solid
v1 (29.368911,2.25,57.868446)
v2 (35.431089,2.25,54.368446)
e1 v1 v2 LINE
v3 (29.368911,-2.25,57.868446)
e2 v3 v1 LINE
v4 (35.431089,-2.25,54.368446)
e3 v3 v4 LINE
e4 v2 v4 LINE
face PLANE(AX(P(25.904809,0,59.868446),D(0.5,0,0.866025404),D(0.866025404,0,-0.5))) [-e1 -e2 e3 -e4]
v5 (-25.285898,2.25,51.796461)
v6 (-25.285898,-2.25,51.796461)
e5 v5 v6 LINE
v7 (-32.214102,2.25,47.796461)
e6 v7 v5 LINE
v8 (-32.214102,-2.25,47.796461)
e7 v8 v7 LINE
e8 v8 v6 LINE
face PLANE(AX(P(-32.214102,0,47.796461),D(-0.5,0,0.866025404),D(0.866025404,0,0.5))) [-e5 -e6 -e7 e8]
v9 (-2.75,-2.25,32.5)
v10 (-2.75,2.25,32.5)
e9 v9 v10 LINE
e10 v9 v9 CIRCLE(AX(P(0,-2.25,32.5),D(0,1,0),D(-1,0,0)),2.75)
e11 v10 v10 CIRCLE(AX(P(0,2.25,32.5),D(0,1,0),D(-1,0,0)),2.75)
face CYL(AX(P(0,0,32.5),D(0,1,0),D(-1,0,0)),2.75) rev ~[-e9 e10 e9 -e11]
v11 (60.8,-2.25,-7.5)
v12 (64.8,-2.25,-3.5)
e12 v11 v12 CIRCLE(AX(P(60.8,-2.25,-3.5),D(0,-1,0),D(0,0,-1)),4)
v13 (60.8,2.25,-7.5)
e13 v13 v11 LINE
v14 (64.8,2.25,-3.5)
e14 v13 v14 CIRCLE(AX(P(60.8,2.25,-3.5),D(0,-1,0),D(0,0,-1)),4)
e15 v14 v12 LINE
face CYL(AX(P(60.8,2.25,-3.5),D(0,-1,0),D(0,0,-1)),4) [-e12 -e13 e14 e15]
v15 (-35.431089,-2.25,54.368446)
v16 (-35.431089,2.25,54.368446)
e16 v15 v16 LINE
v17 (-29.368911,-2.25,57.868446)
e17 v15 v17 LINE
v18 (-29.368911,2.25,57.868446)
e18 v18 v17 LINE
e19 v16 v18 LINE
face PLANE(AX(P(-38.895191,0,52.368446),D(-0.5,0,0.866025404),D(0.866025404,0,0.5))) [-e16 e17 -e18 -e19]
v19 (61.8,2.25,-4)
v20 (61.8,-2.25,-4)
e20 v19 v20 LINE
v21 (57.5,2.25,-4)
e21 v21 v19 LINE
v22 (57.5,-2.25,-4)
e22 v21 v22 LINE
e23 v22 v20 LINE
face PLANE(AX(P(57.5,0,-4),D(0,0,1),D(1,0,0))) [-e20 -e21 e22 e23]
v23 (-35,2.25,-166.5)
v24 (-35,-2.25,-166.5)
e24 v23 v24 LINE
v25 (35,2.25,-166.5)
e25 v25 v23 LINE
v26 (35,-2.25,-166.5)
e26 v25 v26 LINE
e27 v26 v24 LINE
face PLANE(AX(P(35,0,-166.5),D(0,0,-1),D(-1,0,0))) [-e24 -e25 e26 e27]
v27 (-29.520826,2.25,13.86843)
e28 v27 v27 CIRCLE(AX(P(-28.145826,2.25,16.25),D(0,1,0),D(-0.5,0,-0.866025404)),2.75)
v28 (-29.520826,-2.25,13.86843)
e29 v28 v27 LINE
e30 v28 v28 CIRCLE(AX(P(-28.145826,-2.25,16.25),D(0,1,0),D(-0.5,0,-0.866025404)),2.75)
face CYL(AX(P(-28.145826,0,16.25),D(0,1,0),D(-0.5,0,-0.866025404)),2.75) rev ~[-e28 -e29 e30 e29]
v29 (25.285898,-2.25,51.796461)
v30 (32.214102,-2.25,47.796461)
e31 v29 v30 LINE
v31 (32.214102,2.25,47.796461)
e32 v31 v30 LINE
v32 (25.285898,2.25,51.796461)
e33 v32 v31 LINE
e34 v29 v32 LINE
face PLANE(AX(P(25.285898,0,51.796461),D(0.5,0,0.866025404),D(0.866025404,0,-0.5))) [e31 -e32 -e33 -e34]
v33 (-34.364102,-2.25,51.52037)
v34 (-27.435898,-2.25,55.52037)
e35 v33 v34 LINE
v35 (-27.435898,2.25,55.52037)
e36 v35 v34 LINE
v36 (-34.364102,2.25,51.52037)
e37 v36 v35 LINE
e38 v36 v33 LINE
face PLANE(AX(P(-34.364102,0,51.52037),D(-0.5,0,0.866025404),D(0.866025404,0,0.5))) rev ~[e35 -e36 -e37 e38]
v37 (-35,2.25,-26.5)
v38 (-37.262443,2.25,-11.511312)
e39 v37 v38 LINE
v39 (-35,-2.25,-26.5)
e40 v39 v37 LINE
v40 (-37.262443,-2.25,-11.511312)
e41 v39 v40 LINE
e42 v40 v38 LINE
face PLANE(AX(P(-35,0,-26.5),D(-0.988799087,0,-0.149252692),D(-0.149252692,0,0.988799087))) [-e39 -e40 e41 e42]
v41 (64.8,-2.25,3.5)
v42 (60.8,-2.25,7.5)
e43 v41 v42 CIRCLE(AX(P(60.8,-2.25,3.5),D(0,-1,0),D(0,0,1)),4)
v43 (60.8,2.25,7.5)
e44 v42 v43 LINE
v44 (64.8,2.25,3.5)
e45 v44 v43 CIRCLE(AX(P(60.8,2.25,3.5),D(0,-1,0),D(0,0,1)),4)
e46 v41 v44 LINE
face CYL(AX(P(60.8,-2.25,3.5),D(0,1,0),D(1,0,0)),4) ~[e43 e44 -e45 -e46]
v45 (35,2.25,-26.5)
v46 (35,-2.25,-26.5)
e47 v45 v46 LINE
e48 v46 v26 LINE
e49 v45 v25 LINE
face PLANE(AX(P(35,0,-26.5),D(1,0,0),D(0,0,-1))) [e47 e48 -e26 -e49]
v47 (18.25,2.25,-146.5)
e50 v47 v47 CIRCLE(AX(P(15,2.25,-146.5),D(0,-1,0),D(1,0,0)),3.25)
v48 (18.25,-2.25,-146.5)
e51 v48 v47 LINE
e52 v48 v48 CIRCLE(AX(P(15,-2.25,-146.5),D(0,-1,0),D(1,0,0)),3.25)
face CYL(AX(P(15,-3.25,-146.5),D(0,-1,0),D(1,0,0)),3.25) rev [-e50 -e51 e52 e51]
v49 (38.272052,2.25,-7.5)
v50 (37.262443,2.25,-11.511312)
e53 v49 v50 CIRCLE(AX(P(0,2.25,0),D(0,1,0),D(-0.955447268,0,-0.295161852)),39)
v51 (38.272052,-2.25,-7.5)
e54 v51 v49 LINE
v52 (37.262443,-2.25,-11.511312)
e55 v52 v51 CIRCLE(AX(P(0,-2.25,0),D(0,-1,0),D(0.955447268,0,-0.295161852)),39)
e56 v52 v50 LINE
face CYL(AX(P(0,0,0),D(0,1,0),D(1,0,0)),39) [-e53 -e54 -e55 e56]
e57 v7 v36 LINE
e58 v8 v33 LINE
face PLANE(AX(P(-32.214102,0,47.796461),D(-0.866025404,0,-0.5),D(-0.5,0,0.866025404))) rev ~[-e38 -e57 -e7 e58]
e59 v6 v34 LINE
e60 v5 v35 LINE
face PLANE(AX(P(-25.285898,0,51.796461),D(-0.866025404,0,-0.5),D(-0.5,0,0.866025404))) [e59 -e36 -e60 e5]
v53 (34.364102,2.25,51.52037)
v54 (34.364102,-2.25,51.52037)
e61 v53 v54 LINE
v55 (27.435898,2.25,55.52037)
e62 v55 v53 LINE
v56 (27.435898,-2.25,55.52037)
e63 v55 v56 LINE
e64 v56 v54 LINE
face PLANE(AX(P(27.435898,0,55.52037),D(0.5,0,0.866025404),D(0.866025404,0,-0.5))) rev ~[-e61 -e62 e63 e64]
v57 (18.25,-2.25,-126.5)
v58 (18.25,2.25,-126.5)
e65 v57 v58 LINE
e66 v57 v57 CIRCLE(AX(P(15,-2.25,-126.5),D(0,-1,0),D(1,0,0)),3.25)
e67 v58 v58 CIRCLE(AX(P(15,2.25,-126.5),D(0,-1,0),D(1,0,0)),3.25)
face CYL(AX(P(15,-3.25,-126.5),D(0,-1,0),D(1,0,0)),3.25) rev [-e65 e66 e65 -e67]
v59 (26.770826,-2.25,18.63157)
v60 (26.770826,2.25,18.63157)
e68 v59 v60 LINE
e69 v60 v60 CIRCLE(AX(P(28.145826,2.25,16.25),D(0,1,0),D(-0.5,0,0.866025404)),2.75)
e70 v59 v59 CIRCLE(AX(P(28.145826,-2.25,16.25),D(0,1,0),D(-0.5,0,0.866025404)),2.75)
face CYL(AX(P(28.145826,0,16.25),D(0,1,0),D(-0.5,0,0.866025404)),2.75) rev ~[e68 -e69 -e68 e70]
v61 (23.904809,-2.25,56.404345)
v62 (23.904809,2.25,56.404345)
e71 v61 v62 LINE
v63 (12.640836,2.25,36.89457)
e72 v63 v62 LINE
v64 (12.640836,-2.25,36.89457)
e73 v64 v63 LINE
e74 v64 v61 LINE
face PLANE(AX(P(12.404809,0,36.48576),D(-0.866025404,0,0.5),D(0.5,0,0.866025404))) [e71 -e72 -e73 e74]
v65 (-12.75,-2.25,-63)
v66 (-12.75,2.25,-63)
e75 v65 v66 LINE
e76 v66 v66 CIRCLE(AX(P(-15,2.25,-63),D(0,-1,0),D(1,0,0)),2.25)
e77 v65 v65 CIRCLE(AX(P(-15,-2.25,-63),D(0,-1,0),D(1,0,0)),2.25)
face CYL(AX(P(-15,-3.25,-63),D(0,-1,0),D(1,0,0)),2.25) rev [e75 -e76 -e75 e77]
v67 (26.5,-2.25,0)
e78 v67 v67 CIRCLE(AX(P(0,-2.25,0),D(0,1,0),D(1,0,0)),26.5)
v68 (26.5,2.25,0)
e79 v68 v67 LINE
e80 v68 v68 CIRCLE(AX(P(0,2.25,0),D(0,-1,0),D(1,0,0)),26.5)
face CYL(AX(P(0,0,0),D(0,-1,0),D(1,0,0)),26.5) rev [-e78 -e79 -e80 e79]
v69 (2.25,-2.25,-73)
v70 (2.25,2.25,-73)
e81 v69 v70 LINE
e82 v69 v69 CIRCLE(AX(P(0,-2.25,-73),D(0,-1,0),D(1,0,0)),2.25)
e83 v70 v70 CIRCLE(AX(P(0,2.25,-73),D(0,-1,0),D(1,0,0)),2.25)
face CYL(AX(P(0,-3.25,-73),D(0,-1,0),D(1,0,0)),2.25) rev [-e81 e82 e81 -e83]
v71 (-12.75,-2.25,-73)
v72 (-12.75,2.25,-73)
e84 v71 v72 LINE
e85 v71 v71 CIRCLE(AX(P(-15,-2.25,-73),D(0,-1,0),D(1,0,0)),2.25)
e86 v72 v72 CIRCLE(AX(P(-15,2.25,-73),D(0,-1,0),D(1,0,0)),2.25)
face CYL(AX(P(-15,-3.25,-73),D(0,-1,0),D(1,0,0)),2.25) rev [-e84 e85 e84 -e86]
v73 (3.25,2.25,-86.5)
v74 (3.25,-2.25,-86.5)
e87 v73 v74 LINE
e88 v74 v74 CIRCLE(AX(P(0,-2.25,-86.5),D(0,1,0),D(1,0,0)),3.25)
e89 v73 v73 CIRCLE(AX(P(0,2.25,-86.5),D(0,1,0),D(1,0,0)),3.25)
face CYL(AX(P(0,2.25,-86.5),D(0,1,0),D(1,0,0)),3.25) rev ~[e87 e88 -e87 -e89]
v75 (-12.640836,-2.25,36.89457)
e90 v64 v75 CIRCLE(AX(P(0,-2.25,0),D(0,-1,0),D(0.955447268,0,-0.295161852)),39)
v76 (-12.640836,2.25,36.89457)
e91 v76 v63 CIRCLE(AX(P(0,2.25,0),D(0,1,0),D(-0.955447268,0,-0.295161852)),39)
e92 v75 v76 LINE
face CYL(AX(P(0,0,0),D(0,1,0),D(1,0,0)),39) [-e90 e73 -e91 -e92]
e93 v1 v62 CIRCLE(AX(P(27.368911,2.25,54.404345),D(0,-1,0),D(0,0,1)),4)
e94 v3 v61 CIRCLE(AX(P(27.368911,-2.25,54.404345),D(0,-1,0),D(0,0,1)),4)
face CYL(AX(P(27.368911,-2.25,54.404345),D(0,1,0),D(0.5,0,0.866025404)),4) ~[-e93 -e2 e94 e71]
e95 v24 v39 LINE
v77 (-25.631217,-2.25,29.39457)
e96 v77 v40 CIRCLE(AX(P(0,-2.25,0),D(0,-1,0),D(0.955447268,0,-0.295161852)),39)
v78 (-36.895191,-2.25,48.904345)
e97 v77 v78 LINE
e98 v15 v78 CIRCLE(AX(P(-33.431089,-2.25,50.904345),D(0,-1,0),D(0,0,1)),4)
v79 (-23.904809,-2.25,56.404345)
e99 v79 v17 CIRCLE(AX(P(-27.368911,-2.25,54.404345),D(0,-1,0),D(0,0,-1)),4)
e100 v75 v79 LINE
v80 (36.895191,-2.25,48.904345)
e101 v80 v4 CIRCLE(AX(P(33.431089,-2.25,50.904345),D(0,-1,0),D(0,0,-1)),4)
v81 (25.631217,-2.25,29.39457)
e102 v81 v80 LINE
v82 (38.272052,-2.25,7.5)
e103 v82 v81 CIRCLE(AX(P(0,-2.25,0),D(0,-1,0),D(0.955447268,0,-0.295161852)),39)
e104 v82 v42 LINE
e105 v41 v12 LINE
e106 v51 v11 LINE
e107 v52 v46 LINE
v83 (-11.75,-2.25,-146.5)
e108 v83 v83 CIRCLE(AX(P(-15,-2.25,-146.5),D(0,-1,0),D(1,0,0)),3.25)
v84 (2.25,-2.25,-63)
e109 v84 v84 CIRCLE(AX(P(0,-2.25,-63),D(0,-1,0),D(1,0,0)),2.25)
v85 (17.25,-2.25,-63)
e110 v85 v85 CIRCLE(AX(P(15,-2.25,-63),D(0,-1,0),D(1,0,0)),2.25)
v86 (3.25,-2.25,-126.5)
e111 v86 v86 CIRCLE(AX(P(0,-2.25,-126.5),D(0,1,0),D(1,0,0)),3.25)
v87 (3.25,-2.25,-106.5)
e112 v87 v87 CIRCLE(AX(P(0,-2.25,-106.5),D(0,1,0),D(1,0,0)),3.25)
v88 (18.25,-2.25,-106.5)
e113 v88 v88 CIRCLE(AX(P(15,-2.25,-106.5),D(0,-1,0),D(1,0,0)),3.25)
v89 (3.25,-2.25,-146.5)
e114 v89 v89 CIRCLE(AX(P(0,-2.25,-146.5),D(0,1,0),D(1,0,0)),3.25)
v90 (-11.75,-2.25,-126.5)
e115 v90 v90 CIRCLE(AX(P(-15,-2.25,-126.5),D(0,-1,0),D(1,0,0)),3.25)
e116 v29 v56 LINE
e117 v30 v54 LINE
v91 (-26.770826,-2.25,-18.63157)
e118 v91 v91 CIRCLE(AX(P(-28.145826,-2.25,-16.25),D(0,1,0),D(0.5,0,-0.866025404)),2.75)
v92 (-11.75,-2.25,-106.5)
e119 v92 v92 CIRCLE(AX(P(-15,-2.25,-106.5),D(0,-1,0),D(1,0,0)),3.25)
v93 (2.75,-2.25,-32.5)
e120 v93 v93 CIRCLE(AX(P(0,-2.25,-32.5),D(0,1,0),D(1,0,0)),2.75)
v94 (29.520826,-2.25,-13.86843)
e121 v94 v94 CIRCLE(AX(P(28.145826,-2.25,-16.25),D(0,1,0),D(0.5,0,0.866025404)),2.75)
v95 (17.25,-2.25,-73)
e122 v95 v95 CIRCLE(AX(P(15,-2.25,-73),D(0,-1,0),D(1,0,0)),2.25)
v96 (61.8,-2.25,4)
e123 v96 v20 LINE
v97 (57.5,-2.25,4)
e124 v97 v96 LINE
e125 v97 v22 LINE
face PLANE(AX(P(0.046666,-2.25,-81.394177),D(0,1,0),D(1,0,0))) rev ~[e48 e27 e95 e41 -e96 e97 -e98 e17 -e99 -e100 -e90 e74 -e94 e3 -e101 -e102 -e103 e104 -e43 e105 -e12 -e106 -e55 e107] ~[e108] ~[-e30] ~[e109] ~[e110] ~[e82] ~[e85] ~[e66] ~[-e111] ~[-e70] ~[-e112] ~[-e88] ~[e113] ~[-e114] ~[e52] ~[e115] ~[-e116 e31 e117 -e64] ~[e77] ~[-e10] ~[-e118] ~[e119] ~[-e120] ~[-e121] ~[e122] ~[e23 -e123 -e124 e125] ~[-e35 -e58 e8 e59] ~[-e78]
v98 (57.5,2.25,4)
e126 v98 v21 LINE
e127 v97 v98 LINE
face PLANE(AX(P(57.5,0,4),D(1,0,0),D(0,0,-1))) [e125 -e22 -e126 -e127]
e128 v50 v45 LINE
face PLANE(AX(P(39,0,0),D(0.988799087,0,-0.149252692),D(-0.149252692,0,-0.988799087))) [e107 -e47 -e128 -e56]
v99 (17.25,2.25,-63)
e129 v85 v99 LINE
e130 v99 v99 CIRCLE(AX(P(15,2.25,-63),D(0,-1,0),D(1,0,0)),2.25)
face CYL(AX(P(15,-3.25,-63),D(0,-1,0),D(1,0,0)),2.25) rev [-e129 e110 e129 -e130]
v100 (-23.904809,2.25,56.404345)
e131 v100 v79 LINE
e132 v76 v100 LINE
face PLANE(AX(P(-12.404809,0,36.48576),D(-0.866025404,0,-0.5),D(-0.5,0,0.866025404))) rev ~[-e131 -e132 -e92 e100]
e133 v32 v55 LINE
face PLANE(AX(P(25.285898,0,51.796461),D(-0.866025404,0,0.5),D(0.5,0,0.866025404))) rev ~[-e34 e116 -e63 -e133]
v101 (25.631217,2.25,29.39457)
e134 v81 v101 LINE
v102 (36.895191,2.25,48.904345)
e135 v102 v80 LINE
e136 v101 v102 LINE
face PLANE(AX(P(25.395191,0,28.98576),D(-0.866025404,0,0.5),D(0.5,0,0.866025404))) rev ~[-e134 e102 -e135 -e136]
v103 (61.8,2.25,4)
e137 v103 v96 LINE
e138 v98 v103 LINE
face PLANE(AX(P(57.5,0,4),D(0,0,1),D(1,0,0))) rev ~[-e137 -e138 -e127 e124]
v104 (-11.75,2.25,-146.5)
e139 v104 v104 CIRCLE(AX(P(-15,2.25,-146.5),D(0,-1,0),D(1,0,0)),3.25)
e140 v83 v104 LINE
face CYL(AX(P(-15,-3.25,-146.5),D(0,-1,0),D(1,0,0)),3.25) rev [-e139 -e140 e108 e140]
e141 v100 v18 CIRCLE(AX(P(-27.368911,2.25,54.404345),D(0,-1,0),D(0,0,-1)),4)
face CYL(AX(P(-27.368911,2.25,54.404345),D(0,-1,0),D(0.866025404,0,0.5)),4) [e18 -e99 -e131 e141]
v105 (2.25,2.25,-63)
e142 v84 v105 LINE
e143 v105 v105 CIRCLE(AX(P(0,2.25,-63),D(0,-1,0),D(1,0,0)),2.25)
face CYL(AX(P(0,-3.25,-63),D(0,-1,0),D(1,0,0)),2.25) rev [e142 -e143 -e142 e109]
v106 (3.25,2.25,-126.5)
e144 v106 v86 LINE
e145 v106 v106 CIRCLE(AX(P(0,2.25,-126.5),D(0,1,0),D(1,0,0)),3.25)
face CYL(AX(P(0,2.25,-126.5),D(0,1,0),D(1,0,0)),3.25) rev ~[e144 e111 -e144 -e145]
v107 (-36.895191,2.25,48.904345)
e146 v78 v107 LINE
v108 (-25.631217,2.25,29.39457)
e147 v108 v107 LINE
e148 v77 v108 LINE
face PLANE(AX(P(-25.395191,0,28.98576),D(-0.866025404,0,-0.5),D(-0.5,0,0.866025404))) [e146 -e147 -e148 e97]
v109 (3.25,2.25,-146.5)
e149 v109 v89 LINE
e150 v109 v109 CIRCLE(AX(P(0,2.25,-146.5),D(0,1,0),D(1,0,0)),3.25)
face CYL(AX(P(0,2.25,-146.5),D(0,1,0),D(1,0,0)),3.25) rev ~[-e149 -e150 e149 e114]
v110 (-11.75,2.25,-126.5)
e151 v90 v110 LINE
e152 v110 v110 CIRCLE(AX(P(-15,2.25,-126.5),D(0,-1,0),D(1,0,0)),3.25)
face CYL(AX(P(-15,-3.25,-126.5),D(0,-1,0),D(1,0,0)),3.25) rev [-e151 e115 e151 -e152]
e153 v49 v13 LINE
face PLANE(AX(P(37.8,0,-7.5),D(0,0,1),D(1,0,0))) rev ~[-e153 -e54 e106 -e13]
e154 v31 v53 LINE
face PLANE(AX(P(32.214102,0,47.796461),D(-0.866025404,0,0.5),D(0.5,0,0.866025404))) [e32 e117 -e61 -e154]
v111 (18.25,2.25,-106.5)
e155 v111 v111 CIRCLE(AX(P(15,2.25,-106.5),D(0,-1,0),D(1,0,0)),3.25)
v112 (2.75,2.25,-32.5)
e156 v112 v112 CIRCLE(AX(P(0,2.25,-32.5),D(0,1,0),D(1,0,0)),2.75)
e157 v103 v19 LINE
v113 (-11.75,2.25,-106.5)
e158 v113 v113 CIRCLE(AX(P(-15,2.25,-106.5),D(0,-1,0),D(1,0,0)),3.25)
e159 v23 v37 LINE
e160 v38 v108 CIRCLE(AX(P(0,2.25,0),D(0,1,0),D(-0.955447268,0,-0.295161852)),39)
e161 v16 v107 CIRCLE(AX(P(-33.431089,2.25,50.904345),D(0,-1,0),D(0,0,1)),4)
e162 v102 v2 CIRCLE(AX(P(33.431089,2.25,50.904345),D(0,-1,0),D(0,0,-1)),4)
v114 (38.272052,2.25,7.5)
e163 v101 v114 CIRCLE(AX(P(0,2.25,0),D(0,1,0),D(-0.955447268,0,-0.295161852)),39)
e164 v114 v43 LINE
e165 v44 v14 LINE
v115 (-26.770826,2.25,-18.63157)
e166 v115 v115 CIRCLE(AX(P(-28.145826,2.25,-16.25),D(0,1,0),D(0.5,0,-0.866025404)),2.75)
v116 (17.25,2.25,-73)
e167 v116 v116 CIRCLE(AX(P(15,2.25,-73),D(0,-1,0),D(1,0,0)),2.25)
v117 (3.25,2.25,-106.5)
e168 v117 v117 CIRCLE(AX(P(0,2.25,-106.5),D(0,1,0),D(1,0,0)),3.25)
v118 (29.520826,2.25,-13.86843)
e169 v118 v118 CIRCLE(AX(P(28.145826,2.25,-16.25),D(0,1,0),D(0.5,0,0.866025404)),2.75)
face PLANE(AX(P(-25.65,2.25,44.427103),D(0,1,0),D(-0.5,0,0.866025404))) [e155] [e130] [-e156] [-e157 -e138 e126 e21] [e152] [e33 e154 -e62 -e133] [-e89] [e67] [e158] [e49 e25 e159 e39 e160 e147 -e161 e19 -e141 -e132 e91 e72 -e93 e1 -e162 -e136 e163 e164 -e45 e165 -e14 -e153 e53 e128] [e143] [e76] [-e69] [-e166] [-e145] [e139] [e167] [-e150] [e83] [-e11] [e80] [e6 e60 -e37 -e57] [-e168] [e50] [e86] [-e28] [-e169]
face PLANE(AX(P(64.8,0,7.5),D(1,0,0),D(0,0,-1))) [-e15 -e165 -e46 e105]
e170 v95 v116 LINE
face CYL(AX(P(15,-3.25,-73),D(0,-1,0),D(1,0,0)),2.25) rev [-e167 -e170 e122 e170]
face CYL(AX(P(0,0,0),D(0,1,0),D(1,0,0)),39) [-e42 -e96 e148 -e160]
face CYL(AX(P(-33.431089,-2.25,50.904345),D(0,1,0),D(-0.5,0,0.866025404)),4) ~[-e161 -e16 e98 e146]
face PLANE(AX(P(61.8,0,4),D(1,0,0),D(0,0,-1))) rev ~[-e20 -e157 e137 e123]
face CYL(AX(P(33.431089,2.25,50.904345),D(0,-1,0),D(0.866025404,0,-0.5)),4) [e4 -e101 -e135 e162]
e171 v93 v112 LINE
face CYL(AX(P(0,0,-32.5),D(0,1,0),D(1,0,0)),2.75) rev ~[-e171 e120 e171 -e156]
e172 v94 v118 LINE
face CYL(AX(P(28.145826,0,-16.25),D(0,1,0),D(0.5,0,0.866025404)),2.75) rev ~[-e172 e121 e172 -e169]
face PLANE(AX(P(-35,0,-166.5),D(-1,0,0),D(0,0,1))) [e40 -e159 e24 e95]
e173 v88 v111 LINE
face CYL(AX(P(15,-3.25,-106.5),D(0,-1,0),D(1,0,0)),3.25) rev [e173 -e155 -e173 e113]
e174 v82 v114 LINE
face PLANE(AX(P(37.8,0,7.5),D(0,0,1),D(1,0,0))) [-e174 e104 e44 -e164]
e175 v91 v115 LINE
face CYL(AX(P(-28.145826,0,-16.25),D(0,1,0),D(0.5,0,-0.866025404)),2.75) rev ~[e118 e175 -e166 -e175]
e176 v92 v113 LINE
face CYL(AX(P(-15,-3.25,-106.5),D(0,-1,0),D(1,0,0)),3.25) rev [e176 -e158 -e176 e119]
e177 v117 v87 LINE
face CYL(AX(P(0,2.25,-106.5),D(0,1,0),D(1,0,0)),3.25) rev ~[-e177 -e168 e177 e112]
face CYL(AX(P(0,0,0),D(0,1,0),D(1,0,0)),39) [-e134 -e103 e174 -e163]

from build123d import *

# Parameters (mm, degrees)
SKETCH1_R                = 39
SKETCH1_R_2              = 26.5
BOSS_EXTRUDE1_DEPTH      = 2.25
SKETCH3_W                = 50
SKETCH3_H                = 51.5
BOSS_EXTRUDE2_DEPTH      = 2.25
BOSS_EXTRUDE4_DEPTH      = 2.25
SKETCH2_R                = 2.75
CUT_EXTRUDE1_DEPTH       = 3.25
CIRPATTERN1_COUNT        = 6
CUT_EXTRUDE2_START       = -5.5
SKETCH5_R                = 2.25
CUT_EXTRUDE2_DEPTH       = 6.5
LPATTERN1_COUNT          = 2
LPATTERN1_PITCH          = 15
LPATTERN1_COUNT_DIR2     = 2
LPATTERN1_PITCH_DIR2     = 10
LPATTERN2_COUNT          = 2
LPATTERN2_PITCH          = 15
LPATTERN2_COUNT_DIR2     = 2
LPATTERN2_PITCH_DIR2     = 10
CUT_EXTRUDE3_START       = -5.5
SKETCH7_R                = 3.25
CUT_EXTRUDE3_DEPTH       = 6.5
LPATTERN3_COUNT          = 3
LPATTERN3_PITCH          = 20
SKETCH8_R                = 3.25
CUT_EXTRUDE4_DEPTH       = 10
LPATTERN4_COUNT          = 4
LPATTERN4_PITCH          = 20
SKETCH9_W                = 27
SKETCH9_H                = 15
SKETCH9_W_2              = 4.3
SKETCH9_H_2              = 8
BOSS_EXTRUDE5_DEPTH      = 2.25
FILLET1_R                = 4
CIRPATTERN2_COUNT        = 3
CIRPATTERN2_ANGLE        = 120
FILLET1_OF_CIRPATTERN2_R = 4


with BuildPart() as part:
    # Sketch1 → Boss-Extrude1 (new body, symmetric)
    with BuildSketch(Plane(origin=(0, 0, 0), x_dir=(1, 0, 0), z_dir=(0, 1, 0))):
        Circle(SKETCH1_R)
        Circle(SKETCH1_R_2, mode=Mode.SUBTRACT)
    extrude(amount=BOSS_EXTRUDE1_DEPTH, both=True)

    # Sketch3 → Boss-Extrude2 (add, symmetric)
    with BuildSketch(Plane(origin=(0, 0, 0), x_dir=(1, 0, 0), z_dir=(0, 1, 0))):
        with Locations((0, 52.25)):
            Rectangle(SKETCH3_W, SKETCH3_H)
    extrude(amount=BOSS_EXTRUDE2_DEPTH, both=True)

    # Sketch6 → Boss-Extrude4 (add, symmetric)
    with BuildSketch(Plane(origin=(0, 0, 0), x_dir=(1, 0, 0), z_dir=(0, 1, 0))):
        Polygon((-35, 166.5), (-35, 26.5), (-39, 0), (-14.981514186, 26.5), (16.520833333, 26.5), (39, 0), (35, 26.5), (35, 166.5), align=None)
    extrude(amount=BOSS_EXTRUDE4_DEPTH, both=True)

    # Sketch2 → Cut-Extrude1 (cut, symmetric)
    with BuildSketch(Plane(origin=(0, 0, 0), x_dir=(1, 0, 0), z_dir=(0, 1, 0))):
        with Locations((0, 32.5)):
            Circle(SKETCH2_R)
    cut_extrude1 = extrude(amount=CUT_EXTRUDE1_DEPTH, both=True, mode=Mode.SUBTRACT)

    # CirPattern1: Cut-Extrude1 ×6 about axis
    cirpattern1_axis = Axis((0, 0, 0), (0, 1, 0))
    for i in range(1, CIRPATTERN1_COUNT):
        add(cut_extrude1.rotate(cirpattern1_axis, i * 360 / CIRPATTERN1_COUNT), mode=Mode.SUBTRACT)

    # Sketch5 → Cut-Extrude2 (cut)
    with BuildSketch(Plane(origin=(0, 2.25, 0), x_dir=(1, 0, 0), z_dir=(0, 1, 0)).offset(CUT_EXTRUDE2_START)):
        with Locations((0, 73)):
            Circle(SKETCH5_R)
    cut_extrude2 = extrude(amount=CUT_EXTRUDE2_DEPTH, mode=Mode.SUBTRACT)

    # LPattern1: Cut-Extrude2 2 × 2
    with Locations(*[(i * LPATTERN1_PITCH, 0, j * LPATTERN1_PITCH_DIR2) for i in range(LPATTERN1_COUNT) for j in range(LPATTERN1_COUNT_DIR2) if (i, j) != (0, 0)]):
        add(cut_extrude2, mode=Mode.SUBTRACT)

    # LPattern2: Cut-Extrude2 2 × 2
    with Locations(*[(-i * LPATTERN2_PITCH, 0, j * LPATTERN2_PITCH_DIR2) for i in range(LPATTERN2_COUNT) for j in range(LPATTERN2_COUNT_DIR2) if (i, j) != (0, 0)]):
        add(cut_extrude2, mode=Mode.SUBTRACT)

    # Sketch7 → Cut-Extrude3 (cut)
    with BuildSketch(Plane(origin=(0, 2.25, 0), x_dir=(1, 0, 0), z_dir=(0, 1, 0)).offset(CUT_EXTRUDE3_START)):
        with Locations((-15, 146.5)):
            Circle(SKETCH7_R)
        with Locations((15, 146.5)):
            Circle(SKETCH7_R)
    cut_extrude3 = extrude(amount=CUT_EXTRUDE3_DEPTH, mode=Mode.SUBTRACT)

    # LPattern3: Cut-Extrude3 ×3
    with Locations(*[(0, 0, i * LPATTERN3_PITCH) for i in range(1, LPATTERN3_COUNT)]):
        add(cut_extrude3, mode=Mode.SUBTRACT)

    # Sketch8 → Cut-Extrude4 (cut)
    with BuildSketch(Plane(origin=(0, 2.25, 0), x_dir=(1, 0, 0), z_dir=(0, 1, 0))):
        with Locations((0, 146.5)):
            Circle(SKETCH8_R)
    cut_extrude4 = extrude(amount=-CUT_EXTRUDE4_DEPTH, mode=Mode.SUBTRACT)

    # LPattern4: Cut-Extrude4 ×4
    with Locations(*[(0, 0, i * LPATTERN4_PITCH) for i in range(1, LPATTERN4_COUNT)]):
        add(cut_extrude4, mode=Mode.SUBTRACT)

    # Sketch9 → Boss-Extrude5 (add, symmetric)
    with BuildSketch(Plane(origin=(0, 0, 0), x_dir=(1, 0, 0), z_dir=(0, 1, 0))):
        with Locations((51.3, 0)):
            Rectangle(SKETCH9_W, SKETCH9_H)
        with Locations((59.65, 0)):
            Rectangle(SKETCH9_W_2, SKETCH9_H_2, mode=Mode.SUBTRACT)
    boss_extrude5 = extrude(amount=BOSS_EXTRUDE5_DEPTH, both=True)

    # Fillet1
    fillet1_edges = [part.edges().sort_by_distance(p)[0] for p in [
        (64.8, 0, 7.5),
        (64.8, 0, -7.5),
    ]]
    fillet(fillet1_edges, radius=FILLET1_R)

    # CirPattern2: Boss-Extrude5 ×3 about axis
    cirpattern2_axis = Axis((0, 0, 0), (0, -1, 0))
    for i in range(1, CIRPATTERN2_COUNT):
        add(boss_extrude5.rotate(cirpattern2_axis, i * CIRPATTERN2_ANGLE / (CIRPATTERN2_COUNT - 1)))

    # Fillet1 of CirPattern2
    fillet1_of_cirpattern2_edges = [part.edges().sort_by_distance(p)[0] for p in [
        (25.904809472, 0, 59.868446165),
        (38.895190528, 0, 52.368446165),
        (-38.895190528, 0, 52.368446165),
        (-25.904809472, 0, 59.868446165),
    ]]
    fillet(fillet1_of_cirpattern2_edges, radius=FILLET1_OF_CIRPATTERN2_R)


solid = part.part
